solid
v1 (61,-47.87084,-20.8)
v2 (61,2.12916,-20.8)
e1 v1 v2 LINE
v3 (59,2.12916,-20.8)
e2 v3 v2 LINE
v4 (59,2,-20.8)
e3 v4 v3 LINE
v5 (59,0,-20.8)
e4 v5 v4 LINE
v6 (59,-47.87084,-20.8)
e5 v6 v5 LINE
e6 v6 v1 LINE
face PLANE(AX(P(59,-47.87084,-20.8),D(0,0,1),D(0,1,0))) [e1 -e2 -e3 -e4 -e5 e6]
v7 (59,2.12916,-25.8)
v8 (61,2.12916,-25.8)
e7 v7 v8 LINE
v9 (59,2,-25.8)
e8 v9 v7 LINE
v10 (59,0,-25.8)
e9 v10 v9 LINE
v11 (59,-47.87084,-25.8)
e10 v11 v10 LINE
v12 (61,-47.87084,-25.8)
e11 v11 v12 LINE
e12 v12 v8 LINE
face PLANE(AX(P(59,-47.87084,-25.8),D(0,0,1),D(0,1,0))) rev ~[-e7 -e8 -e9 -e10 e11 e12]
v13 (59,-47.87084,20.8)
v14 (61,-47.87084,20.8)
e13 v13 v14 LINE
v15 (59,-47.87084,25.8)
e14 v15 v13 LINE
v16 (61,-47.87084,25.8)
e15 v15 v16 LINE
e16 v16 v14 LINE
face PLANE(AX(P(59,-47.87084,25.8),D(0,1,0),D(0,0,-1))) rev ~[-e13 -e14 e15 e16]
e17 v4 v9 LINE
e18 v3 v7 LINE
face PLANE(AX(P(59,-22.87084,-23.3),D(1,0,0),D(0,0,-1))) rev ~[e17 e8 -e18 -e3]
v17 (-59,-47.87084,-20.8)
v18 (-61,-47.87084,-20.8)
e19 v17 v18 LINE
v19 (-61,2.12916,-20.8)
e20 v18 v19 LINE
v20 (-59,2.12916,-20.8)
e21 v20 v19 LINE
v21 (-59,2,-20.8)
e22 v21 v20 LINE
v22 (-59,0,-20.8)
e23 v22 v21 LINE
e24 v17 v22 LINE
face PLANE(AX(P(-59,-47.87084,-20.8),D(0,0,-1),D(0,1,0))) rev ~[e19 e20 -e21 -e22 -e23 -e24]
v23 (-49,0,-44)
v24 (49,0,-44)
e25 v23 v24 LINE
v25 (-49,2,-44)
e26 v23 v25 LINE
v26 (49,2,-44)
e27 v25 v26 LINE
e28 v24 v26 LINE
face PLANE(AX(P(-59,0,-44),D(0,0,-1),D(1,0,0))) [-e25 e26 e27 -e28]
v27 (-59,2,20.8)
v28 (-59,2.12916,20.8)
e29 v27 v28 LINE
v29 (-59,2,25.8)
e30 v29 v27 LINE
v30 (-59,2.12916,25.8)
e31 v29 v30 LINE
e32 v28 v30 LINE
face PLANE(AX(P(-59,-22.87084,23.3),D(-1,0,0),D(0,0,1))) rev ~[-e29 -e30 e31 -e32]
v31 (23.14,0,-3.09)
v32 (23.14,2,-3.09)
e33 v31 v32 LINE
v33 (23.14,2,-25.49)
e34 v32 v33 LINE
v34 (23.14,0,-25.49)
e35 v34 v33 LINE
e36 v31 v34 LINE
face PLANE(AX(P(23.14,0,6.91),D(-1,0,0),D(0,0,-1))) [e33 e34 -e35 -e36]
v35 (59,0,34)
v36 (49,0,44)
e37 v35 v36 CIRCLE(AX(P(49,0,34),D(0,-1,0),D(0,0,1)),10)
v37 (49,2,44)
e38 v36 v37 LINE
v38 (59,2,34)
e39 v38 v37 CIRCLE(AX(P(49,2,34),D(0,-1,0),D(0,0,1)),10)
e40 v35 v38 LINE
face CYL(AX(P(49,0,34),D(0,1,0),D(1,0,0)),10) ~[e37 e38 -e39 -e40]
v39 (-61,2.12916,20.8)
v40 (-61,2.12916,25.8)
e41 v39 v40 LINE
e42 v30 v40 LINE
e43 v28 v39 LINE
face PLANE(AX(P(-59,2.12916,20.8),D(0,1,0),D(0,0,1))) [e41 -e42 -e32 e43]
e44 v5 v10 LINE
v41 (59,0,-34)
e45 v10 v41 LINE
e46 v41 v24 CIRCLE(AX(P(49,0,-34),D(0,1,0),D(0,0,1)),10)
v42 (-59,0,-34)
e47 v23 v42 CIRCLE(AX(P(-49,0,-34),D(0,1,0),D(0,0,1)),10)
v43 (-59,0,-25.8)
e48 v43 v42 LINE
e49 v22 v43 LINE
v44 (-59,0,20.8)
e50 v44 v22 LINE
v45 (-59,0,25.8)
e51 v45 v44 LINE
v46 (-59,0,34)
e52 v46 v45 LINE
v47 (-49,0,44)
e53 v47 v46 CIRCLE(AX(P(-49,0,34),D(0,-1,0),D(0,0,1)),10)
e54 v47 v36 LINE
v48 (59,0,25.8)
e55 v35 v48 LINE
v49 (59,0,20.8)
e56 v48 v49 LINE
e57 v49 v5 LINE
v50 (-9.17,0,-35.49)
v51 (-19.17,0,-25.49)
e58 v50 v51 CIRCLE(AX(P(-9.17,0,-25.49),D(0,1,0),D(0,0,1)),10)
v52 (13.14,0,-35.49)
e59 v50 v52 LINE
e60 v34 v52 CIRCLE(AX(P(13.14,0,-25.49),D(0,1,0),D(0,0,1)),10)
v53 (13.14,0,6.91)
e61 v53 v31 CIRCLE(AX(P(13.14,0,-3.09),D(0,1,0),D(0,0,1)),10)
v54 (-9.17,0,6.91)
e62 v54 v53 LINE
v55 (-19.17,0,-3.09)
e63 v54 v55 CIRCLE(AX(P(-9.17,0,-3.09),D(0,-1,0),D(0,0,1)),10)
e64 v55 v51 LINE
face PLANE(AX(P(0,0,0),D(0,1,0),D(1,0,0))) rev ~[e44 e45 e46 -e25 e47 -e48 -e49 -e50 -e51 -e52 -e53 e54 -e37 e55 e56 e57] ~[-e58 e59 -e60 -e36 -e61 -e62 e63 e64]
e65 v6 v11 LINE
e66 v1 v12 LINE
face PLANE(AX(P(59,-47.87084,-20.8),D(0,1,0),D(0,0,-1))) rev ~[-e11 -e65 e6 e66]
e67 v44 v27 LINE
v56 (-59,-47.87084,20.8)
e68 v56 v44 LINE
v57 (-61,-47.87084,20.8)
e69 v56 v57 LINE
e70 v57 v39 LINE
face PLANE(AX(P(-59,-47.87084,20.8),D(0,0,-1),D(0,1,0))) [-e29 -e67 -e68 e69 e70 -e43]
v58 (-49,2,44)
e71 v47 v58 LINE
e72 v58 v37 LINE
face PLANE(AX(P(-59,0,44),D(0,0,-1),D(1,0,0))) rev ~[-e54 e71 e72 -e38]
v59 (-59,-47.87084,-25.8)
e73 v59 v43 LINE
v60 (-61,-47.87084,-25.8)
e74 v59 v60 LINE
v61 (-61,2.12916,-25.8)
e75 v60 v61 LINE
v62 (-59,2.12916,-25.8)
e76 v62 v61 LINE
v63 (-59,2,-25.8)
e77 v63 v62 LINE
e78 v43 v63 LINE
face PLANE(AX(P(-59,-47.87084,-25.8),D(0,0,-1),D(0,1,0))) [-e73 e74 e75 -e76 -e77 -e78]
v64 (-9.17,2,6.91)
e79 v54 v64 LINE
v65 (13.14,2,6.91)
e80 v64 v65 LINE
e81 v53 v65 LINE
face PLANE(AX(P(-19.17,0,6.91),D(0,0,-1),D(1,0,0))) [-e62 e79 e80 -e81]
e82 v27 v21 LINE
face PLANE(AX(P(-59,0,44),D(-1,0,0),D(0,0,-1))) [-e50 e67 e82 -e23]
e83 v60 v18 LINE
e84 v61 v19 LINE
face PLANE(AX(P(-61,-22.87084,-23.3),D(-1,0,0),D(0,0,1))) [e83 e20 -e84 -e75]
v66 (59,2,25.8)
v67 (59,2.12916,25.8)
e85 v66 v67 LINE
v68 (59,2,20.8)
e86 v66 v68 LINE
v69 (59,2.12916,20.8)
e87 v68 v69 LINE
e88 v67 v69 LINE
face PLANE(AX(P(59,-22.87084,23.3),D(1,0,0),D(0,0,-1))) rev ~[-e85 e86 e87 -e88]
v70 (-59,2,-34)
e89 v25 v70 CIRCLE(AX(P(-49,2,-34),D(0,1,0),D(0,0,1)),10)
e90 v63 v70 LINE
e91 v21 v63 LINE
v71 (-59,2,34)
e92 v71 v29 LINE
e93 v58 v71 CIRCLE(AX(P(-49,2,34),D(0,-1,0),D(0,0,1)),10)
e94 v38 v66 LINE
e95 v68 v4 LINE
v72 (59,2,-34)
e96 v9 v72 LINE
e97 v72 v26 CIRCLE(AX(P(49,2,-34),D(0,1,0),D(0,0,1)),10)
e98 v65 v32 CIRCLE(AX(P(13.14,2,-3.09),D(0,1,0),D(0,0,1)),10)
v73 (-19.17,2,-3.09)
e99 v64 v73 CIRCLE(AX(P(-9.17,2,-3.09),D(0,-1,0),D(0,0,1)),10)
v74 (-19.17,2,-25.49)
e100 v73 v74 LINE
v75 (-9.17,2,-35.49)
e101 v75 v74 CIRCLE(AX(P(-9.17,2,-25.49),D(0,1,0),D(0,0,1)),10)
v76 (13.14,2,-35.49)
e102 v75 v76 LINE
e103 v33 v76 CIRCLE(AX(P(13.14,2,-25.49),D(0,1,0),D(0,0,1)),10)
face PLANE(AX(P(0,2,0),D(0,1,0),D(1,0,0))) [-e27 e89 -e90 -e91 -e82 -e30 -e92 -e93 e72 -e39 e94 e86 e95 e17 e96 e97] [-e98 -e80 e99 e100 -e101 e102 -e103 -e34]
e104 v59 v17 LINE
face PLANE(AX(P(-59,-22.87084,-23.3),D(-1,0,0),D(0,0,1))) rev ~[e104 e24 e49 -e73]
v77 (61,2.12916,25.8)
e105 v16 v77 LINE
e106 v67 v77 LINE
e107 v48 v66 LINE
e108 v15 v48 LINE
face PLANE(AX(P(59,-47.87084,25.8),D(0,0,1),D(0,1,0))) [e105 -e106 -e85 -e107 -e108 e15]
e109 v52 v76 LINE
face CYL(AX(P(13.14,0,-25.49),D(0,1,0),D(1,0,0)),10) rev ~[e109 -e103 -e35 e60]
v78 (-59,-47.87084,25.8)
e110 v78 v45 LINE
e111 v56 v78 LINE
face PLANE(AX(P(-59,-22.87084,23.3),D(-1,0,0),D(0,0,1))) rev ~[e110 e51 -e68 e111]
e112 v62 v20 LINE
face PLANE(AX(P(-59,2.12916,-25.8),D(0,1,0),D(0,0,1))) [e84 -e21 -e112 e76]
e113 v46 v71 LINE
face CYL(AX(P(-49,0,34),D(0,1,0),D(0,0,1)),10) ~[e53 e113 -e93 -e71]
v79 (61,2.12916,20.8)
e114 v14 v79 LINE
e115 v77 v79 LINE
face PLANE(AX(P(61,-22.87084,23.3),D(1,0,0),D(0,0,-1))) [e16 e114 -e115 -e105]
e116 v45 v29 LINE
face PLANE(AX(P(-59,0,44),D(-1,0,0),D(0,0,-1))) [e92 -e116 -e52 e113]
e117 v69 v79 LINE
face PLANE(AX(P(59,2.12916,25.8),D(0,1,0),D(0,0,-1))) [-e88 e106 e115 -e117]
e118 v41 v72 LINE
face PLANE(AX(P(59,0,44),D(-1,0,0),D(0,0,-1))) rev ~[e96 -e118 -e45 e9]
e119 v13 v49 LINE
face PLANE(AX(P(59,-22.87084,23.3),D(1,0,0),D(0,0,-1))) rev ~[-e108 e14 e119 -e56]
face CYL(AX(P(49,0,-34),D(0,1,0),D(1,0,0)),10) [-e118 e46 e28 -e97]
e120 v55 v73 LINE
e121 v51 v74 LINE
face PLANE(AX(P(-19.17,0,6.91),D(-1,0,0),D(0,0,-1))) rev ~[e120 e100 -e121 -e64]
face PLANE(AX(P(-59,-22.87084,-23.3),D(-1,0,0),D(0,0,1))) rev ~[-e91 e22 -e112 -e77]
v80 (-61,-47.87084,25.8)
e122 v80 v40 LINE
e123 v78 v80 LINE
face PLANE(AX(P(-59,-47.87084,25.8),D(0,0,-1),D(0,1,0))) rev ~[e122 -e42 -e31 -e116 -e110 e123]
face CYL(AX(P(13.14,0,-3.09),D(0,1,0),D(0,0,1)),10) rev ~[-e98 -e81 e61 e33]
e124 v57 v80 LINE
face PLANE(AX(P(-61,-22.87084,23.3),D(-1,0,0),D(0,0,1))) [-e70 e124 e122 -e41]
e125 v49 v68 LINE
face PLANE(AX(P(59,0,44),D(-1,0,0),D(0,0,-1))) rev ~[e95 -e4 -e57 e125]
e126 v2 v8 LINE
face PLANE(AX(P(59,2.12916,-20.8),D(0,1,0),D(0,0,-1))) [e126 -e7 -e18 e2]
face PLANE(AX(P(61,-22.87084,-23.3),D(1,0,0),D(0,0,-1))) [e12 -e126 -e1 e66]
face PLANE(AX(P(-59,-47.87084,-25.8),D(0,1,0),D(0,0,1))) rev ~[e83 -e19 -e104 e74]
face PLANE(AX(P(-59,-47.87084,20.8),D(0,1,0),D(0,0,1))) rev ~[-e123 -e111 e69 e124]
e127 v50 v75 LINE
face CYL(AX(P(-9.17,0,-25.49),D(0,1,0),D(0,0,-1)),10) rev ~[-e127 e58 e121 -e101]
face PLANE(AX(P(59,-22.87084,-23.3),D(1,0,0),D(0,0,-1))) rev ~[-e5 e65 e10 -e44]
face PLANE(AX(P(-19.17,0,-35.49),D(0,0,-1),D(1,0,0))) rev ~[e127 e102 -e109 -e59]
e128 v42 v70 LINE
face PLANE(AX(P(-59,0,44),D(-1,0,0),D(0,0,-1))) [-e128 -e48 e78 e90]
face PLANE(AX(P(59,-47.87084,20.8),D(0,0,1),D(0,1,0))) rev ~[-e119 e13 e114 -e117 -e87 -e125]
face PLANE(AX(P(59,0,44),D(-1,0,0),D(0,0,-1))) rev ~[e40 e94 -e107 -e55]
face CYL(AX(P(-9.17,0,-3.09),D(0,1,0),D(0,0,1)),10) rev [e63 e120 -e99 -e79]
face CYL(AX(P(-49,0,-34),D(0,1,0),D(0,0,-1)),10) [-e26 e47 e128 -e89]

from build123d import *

# Parameters (mm, degrees)
ESBO_O1_W                = 118
ESBO_O1_H                = 88
RESSALTO_EXTRUS_O1_DEPTH = 2
FILETE1_R                = 10
FILETE2_R                = 10
ESBO_O2_W                = 42.31
ESBO_O2_H                = 42.4
CORTE_EXTRUS_O2_DEPTH    = 2
FILETE3_R                = 10
ESBO_O5_W                = 5
ESBO_O5_H                = 50
RESSALTO_EXTRUS_O3_DEPTH = 2
RESSALTO_EXTRUS_O4_START = -10
ESBO_O6_W                = 5
ESBO_O6_H                = 50
RESSALTO_EXTRUS_O4_DEPTH = 2


with BuildPart() as part:
    # Esboço1 → Ressalto-extrusão1 (new body)
    with BuildSketch(Plane(origin=(0, 0, 0), x_dir=(1, 0, 0), z_dir=(0, 1, 0))):
        Rectangle(ESBO_O1_W, ESBO_O1_H)
    extrude(amount=RESSALTO_EXTRUS_O1_DEPTH)

    # Filete1
    filete1_edges = [part.edges().sort_by_distance(p)[0] for p in [
        (59, 1, -44),
    ]]
    fillet(filete1_edges, radius=FILETE1_R)

    # Filete2
    filete2_edges = [part.edges().sort_by_distance(p)[0] for p in [
        (59, 1, 44),
        (-59, 1, 44),
        (-59, 1, -44),
    ]]
    fillet(filete2_edges, radius=FILETE2_R)

    # Esboço2 → Corte-extrusão2 (cut)
    with BuildSketch(Plane(origin=(0, 0, 0), x_dir=(1, 0, 0), z_dir=(0, 1, 0))):
        with Locations((1.985, 14.29)):
            Rectangle(ESBO_O2_W, ESBO_O2_H)
    extrude(amount=CORTE_EXTRUS_O2_DEPTH, mode=Mode.SUBTRACT)

    # Filete3
    filete3_edges = [part.edges().sort_by_distance(p)[0] for p in [
        (-19.17, 1, -35.49),
        (-19.17, 1, 6.91),
        (23.14, 1, 6.91),
        (23.14, 1, -35.49),
    ]]
    fillet(filete3_edges, radius=FILETE3_R)

    # Esboço5 → Ressalto-extrusão3 (add)
    with BuildSketch(Plane(origin=(59, 0, 0), x_dir=(0, 0, -1), z_dir=(1, 0, 0))):
        with Locations((-23.3, -22.870840319)):
            Rectangle(ESBO_O5_W, ESBO_O5_H)
        with Locations((23.3, -22.870840319)):
            Rectangle(ESBO_O5_W, ESBO_O5_H)
    extrude(amount=RESSALTO_EXTRUS_O3_DEPTH)

    # Esboço6 → Ressalto-extrusão4 (add)
    with BuildSketch(Plane.ZY.offset(69).offset(RESSALTO_EXTRUS_O4_START)):
        with Locations((-23.3, -22.870840319)):
            Rectangle(ESBO_O6_W, ESBO_O6_H)
        with Locations((23.3, -22.870840319)):
            Rectangle(ESBO_O6_W, ESBO_O6_H)
    extrude(amount=RESSALTO_EXTRUS_O4_DEPTH)


solid = part.part
